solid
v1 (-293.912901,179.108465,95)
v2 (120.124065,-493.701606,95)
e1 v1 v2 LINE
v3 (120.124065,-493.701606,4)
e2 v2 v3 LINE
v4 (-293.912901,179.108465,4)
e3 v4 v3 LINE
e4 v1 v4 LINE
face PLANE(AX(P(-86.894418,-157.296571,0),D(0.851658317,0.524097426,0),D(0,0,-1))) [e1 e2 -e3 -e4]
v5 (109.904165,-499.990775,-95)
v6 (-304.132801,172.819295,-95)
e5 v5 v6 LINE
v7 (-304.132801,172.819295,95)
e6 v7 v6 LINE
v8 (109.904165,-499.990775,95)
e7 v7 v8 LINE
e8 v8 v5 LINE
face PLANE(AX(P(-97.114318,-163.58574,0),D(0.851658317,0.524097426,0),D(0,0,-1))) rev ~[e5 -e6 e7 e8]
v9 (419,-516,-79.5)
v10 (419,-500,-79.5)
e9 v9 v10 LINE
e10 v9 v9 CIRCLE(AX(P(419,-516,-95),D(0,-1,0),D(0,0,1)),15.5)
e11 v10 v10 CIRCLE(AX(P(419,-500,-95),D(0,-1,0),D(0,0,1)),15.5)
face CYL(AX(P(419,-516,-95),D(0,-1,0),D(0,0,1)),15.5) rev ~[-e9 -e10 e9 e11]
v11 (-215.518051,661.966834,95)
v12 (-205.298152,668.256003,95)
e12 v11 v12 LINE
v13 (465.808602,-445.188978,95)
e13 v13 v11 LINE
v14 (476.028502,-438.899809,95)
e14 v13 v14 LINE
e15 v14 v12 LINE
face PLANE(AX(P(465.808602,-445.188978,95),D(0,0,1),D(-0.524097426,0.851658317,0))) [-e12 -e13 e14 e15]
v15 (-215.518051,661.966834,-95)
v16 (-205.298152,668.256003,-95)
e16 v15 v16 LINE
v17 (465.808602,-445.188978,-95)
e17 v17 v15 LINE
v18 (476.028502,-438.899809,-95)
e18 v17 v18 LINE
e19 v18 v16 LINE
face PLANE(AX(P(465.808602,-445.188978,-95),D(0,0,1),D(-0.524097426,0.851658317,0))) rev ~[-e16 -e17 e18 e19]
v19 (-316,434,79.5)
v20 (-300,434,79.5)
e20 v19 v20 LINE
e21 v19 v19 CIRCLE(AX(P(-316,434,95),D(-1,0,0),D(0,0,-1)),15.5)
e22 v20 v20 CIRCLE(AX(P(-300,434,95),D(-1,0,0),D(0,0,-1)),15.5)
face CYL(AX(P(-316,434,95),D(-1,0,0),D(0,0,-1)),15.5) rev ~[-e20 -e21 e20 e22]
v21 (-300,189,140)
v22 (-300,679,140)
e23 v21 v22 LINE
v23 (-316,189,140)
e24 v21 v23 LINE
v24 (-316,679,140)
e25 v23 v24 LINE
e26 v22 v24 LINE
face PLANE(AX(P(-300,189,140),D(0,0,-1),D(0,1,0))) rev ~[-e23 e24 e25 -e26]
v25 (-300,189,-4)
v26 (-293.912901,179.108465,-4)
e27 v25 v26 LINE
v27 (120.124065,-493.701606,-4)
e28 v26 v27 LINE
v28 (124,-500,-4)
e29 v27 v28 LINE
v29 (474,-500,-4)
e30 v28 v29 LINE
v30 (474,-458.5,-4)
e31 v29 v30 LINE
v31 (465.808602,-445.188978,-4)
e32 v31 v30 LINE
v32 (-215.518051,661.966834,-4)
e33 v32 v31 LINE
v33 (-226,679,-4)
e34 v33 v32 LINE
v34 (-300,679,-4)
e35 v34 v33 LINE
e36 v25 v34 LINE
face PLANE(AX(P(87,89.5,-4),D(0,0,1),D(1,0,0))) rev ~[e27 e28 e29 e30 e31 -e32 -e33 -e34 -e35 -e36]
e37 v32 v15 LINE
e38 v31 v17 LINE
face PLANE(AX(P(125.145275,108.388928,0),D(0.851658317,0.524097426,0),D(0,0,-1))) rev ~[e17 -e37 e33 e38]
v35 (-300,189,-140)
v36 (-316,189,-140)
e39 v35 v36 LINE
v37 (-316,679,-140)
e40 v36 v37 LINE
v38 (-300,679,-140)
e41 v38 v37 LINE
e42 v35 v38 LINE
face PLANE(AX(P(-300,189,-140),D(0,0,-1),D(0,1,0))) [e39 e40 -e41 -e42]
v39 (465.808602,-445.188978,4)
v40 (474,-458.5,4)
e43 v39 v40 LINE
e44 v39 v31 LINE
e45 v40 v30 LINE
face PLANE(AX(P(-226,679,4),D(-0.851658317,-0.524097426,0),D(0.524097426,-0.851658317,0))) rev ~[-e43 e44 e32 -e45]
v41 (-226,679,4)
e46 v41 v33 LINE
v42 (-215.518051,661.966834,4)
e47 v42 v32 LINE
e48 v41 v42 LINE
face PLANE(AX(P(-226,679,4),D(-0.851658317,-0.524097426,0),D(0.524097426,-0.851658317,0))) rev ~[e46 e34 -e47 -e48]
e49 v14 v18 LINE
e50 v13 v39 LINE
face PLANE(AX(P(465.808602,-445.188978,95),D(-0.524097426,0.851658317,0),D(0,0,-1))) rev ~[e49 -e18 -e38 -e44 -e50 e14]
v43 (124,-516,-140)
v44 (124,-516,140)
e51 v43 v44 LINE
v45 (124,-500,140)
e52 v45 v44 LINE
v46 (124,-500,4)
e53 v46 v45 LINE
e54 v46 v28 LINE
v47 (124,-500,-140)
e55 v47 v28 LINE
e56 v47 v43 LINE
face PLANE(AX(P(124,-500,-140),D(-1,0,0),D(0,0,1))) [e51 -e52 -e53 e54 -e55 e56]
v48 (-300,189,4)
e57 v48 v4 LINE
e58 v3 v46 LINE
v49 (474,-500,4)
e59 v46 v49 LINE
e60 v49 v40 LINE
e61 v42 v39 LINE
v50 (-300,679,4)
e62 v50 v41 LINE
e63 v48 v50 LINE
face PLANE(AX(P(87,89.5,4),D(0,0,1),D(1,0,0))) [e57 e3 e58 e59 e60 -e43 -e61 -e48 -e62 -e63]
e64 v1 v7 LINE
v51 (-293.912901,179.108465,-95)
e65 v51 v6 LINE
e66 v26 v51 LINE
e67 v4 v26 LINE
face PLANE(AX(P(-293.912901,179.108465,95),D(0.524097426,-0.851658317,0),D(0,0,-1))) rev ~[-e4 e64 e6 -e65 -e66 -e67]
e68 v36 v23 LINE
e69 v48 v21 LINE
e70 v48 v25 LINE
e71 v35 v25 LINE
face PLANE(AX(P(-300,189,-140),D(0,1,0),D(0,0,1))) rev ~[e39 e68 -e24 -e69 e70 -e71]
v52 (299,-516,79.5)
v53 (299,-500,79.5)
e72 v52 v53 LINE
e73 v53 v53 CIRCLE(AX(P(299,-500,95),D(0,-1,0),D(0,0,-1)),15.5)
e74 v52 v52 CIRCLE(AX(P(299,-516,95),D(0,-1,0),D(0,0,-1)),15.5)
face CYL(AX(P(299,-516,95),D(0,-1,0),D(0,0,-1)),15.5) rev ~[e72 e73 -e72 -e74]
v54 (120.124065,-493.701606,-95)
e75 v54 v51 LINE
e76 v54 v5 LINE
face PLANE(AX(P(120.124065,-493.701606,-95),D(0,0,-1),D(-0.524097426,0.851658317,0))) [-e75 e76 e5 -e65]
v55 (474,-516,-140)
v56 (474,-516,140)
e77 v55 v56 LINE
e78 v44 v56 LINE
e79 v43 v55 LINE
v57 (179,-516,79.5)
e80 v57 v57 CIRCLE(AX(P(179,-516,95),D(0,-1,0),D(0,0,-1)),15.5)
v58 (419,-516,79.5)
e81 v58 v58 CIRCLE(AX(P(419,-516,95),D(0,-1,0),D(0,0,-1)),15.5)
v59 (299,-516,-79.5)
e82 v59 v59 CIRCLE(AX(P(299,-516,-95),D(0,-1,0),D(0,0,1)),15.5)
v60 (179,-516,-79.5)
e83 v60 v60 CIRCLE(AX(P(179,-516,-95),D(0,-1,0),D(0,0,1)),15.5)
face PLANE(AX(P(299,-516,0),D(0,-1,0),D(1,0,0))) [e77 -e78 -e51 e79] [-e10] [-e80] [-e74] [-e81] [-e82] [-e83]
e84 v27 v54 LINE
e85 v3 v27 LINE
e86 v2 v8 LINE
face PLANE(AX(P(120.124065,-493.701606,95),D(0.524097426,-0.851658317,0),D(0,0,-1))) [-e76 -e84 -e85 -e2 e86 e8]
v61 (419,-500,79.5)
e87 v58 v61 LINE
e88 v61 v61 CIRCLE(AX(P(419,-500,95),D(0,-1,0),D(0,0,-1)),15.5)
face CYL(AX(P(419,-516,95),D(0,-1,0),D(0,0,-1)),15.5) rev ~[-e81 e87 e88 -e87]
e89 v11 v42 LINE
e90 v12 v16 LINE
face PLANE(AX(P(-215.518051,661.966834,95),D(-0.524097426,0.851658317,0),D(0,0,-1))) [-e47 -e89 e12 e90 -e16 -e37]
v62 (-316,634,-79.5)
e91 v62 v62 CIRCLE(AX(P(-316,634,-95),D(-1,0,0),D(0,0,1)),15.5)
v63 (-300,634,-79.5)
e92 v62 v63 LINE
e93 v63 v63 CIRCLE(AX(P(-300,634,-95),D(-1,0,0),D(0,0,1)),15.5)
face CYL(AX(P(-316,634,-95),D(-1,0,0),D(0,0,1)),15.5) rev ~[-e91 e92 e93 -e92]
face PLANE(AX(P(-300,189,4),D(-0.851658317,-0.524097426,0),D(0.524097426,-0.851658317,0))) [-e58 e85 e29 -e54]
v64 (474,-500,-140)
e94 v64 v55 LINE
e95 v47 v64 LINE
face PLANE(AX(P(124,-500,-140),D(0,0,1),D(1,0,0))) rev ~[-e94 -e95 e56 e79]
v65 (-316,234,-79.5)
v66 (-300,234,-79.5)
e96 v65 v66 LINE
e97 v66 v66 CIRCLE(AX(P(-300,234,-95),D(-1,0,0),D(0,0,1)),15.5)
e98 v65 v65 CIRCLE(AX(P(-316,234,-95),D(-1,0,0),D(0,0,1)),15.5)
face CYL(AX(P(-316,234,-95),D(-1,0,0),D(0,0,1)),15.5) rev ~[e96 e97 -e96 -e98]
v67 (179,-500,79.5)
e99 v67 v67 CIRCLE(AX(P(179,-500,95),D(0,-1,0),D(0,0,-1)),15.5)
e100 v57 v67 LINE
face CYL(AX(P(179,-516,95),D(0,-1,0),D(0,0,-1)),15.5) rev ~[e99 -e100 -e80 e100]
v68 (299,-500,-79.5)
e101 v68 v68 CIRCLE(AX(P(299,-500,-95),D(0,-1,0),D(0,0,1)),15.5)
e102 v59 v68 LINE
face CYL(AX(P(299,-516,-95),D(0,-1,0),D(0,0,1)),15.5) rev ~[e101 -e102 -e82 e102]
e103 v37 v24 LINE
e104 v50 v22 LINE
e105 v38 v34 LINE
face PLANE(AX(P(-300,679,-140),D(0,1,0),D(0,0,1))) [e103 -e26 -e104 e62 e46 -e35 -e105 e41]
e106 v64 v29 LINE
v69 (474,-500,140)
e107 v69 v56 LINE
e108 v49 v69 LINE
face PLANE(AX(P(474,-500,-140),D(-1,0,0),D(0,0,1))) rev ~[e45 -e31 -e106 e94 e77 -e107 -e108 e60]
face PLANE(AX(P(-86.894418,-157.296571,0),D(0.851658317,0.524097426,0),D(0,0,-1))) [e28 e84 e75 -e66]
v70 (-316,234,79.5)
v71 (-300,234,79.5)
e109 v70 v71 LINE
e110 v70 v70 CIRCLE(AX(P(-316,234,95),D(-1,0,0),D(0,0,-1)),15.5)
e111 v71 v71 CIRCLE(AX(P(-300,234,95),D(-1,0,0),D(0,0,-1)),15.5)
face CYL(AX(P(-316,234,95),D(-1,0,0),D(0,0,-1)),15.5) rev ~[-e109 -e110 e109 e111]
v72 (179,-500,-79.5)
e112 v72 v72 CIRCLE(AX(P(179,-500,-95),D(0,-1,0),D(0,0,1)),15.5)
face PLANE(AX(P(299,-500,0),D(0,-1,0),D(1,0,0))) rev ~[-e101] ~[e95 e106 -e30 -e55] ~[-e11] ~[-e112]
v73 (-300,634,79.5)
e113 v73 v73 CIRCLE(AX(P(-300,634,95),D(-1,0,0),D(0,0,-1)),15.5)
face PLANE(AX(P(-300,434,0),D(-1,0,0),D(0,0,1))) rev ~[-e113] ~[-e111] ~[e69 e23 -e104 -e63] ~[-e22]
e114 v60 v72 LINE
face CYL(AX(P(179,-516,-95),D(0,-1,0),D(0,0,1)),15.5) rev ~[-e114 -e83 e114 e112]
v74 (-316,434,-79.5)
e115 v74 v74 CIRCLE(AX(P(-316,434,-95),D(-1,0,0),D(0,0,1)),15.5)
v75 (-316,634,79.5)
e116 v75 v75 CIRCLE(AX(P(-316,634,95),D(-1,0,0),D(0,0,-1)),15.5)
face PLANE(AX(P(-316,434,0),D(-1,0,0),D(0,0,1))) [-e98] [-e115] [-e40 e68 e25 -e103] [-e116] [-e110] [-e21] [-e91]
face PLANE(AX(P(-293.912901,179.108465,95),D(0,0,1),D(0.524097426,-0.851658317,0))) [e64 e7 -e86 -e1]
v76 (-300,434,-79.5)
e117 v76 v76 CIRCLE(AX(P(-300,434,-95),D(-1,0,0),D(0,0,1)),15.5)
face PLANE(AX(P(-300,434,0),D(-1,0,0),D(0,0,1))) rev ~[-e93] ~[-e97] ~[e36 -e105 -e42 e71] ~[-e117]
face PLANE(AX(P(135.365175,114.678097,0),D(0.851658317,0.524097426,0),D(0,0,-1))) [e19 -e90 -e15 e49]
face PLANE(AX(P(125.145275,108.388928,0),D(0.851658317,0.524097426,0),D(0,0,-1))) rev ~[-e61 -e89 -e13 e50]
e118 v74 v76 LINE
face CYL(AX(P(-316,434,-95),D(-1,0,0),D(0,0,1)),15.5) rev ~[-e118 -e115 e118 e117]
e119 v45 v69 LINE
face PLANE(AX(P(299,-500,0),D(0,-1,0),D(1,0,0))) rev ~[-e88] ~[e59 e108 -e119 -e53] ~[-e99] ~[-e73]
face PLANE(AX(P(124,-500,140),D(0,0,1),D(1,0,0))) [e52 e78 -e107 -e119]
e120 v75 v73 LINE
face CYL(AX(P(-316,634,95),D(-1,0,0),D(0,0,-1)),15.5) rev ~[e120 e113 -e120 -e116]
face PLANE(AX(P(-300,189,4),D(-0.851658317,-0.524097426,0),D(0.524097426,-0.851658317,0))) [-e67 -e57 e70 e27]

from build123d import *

# Parameters (mm, degrees)
SKETCH_1_W          = 774
SKETCH_1_H          = 1179
EXTRUDE_1_DEPTH     = 4
CUT_EXTRUDE_2_DEPTH = 8
SKETCH_3_W          = 280
SKETCH_3_H          = 490
EXTRUDE_3_DEPTH     = 16
SKETCH_4_R          = 15.5
CUT_EXTRUDE_4_DEPTH = 16
EXTRUDE_5_DEPTH     = 12
SKETCH_7_W          = 350
SKETCH_7_H          = 280
EXTRUDE_6_DEPTH     = 16
SKETCH_8_R          = 15.5
CUT_EXTRUDE_7_DEPTH = 16
SKETCH_9_W          = 190
SKETCH_9_H          = 1300
EXTRUDE_8_DEPTH     = 12


with BuildPart() as part:
    # 草图1 → 拉伸1 (new, symmetric)
    with BuildSketch(Plane.XY):
        with Locations((87, 89.5)):
            Rectangle(SKETCH_1_W, SKETCH_1_H)
    extrude(amount=EXTRUDE_1_DEPTH, both=True)

    # 草图2 → 拉伸2 (cut)
    with BuildSketch(Plane.XY.offset(4)):
        Polygon((-300, -500), (-300, 189), (124, -500), align=None)
        Polygon((-226, 679), (474, -458.5), (474, 679), align=None)
    extrude(amount=-CUT_EXTRUDE_2_DEPTH, mode=Mode.SUBTRACT)

    # 草图3 → 拉伸3 (add)
    with BuildSketch(Plane.ZY.offset(300)):
        with Locations((0, 434)):
            Rectangle(SKETCH_3_W, SKETCH_3_H)
    extrude(amount=EXTRUDE_3_DEPTH)

    # 草图4 → 拉伸4 (cut)
    with BuildSketch(Plane.ZY.offset(316)):
        with Locations((-95, 634)):
            Circle(SKETCH_4_R)
        with Locations((-95, 434)):
            Circle(SKETCH_4_R)
        with Locations((-95, 234)):
            Circle(SKETCH_4_R)
        with Locations(Location((95, 234, 0), (0, 0, 180))):
            Circle(SKETCH_4_R)
        with Locations(Location((95, 434, 0), (0, 0, 180))):
            Circle(SKETCH_4_R)
        with Locations(Location((95, 634, 0), (0, 0, 180))):
            Circle(SKETCH_4_R)
    extrude(amount=-CUT_EXTRUDE_4_DEPTH, mode=Mode.SUBTRACT)

    # 草图5 → 拉伸5 (add)
    with BuildSketch(Plane(origin=(-133.236051502, -81.991416309, 0), x_dir=(0, 0, 1), z_dir=(-0.8516583167045437, -0.5240974256643349, 0))):
        Polygon((0, 306.578208367), (95, 306.578208367), (95, -483.421791633), (-95, -483.421791633), (-95, 306.578208367), align=None)
    extrude(amount=EXTRUDE_5_DEPTH)

    # 草图7 → 拉伸6 (add)
    with BuildSketch(Plane.XZ.offset(500)):
        with Locations((299, 0)):
            Rectangle(SKETCH_7_W, SKETCH_7_H)
    extrude(amount=EXTRUDE_6_DEPTH)

    # 草图8 → 拉伸7 (cut)
    with BuildSketch(Plane.XZ.offset(516)):
        with Locations(Location((179, 95, 0), (0, 0, 270))):
            Circle(SKETCH_8_R)
        with Locations(Location((299, 95, 0), (0, 0, 270))):
            Circle(SKETCH_8_R)
        with Locations(Location((419, 95, 0), (0, 0, 270))):
            Circle(SKETCH_8_R)
        with Locations(Location((419, -95, 0), (0, 0, 90))):
            Circle(SKETCH_8_R)
        with Locations(Location((299, -95, 0), (0, 0, 90))):
            Circle(SKETCH_8_R)
        with Locations(Location((179, -95, 0), (0, 0, 90))):
            Circle(SKETCH_8_R)
    extrude(amount=-CUT_EXTRUDE_7_DEPTH, mode=Mode.SUBTRACT)

    # 草图9 → 拉伸8 (add)
    with BuildSketch(Plane(origin=(139.150214592, 85.630901288, 0), x_dir=(0, 0, -1), z_dir=(0.8516583167045437, 0.5240974256643349, 0))):
        with Locations((0, 26.722015243)):
            Rectangle(SKETCH_9_W, SKETCH_9_H)
    extrude(amount=EXTRUDE_8_DEPTH)


solid = part.part
